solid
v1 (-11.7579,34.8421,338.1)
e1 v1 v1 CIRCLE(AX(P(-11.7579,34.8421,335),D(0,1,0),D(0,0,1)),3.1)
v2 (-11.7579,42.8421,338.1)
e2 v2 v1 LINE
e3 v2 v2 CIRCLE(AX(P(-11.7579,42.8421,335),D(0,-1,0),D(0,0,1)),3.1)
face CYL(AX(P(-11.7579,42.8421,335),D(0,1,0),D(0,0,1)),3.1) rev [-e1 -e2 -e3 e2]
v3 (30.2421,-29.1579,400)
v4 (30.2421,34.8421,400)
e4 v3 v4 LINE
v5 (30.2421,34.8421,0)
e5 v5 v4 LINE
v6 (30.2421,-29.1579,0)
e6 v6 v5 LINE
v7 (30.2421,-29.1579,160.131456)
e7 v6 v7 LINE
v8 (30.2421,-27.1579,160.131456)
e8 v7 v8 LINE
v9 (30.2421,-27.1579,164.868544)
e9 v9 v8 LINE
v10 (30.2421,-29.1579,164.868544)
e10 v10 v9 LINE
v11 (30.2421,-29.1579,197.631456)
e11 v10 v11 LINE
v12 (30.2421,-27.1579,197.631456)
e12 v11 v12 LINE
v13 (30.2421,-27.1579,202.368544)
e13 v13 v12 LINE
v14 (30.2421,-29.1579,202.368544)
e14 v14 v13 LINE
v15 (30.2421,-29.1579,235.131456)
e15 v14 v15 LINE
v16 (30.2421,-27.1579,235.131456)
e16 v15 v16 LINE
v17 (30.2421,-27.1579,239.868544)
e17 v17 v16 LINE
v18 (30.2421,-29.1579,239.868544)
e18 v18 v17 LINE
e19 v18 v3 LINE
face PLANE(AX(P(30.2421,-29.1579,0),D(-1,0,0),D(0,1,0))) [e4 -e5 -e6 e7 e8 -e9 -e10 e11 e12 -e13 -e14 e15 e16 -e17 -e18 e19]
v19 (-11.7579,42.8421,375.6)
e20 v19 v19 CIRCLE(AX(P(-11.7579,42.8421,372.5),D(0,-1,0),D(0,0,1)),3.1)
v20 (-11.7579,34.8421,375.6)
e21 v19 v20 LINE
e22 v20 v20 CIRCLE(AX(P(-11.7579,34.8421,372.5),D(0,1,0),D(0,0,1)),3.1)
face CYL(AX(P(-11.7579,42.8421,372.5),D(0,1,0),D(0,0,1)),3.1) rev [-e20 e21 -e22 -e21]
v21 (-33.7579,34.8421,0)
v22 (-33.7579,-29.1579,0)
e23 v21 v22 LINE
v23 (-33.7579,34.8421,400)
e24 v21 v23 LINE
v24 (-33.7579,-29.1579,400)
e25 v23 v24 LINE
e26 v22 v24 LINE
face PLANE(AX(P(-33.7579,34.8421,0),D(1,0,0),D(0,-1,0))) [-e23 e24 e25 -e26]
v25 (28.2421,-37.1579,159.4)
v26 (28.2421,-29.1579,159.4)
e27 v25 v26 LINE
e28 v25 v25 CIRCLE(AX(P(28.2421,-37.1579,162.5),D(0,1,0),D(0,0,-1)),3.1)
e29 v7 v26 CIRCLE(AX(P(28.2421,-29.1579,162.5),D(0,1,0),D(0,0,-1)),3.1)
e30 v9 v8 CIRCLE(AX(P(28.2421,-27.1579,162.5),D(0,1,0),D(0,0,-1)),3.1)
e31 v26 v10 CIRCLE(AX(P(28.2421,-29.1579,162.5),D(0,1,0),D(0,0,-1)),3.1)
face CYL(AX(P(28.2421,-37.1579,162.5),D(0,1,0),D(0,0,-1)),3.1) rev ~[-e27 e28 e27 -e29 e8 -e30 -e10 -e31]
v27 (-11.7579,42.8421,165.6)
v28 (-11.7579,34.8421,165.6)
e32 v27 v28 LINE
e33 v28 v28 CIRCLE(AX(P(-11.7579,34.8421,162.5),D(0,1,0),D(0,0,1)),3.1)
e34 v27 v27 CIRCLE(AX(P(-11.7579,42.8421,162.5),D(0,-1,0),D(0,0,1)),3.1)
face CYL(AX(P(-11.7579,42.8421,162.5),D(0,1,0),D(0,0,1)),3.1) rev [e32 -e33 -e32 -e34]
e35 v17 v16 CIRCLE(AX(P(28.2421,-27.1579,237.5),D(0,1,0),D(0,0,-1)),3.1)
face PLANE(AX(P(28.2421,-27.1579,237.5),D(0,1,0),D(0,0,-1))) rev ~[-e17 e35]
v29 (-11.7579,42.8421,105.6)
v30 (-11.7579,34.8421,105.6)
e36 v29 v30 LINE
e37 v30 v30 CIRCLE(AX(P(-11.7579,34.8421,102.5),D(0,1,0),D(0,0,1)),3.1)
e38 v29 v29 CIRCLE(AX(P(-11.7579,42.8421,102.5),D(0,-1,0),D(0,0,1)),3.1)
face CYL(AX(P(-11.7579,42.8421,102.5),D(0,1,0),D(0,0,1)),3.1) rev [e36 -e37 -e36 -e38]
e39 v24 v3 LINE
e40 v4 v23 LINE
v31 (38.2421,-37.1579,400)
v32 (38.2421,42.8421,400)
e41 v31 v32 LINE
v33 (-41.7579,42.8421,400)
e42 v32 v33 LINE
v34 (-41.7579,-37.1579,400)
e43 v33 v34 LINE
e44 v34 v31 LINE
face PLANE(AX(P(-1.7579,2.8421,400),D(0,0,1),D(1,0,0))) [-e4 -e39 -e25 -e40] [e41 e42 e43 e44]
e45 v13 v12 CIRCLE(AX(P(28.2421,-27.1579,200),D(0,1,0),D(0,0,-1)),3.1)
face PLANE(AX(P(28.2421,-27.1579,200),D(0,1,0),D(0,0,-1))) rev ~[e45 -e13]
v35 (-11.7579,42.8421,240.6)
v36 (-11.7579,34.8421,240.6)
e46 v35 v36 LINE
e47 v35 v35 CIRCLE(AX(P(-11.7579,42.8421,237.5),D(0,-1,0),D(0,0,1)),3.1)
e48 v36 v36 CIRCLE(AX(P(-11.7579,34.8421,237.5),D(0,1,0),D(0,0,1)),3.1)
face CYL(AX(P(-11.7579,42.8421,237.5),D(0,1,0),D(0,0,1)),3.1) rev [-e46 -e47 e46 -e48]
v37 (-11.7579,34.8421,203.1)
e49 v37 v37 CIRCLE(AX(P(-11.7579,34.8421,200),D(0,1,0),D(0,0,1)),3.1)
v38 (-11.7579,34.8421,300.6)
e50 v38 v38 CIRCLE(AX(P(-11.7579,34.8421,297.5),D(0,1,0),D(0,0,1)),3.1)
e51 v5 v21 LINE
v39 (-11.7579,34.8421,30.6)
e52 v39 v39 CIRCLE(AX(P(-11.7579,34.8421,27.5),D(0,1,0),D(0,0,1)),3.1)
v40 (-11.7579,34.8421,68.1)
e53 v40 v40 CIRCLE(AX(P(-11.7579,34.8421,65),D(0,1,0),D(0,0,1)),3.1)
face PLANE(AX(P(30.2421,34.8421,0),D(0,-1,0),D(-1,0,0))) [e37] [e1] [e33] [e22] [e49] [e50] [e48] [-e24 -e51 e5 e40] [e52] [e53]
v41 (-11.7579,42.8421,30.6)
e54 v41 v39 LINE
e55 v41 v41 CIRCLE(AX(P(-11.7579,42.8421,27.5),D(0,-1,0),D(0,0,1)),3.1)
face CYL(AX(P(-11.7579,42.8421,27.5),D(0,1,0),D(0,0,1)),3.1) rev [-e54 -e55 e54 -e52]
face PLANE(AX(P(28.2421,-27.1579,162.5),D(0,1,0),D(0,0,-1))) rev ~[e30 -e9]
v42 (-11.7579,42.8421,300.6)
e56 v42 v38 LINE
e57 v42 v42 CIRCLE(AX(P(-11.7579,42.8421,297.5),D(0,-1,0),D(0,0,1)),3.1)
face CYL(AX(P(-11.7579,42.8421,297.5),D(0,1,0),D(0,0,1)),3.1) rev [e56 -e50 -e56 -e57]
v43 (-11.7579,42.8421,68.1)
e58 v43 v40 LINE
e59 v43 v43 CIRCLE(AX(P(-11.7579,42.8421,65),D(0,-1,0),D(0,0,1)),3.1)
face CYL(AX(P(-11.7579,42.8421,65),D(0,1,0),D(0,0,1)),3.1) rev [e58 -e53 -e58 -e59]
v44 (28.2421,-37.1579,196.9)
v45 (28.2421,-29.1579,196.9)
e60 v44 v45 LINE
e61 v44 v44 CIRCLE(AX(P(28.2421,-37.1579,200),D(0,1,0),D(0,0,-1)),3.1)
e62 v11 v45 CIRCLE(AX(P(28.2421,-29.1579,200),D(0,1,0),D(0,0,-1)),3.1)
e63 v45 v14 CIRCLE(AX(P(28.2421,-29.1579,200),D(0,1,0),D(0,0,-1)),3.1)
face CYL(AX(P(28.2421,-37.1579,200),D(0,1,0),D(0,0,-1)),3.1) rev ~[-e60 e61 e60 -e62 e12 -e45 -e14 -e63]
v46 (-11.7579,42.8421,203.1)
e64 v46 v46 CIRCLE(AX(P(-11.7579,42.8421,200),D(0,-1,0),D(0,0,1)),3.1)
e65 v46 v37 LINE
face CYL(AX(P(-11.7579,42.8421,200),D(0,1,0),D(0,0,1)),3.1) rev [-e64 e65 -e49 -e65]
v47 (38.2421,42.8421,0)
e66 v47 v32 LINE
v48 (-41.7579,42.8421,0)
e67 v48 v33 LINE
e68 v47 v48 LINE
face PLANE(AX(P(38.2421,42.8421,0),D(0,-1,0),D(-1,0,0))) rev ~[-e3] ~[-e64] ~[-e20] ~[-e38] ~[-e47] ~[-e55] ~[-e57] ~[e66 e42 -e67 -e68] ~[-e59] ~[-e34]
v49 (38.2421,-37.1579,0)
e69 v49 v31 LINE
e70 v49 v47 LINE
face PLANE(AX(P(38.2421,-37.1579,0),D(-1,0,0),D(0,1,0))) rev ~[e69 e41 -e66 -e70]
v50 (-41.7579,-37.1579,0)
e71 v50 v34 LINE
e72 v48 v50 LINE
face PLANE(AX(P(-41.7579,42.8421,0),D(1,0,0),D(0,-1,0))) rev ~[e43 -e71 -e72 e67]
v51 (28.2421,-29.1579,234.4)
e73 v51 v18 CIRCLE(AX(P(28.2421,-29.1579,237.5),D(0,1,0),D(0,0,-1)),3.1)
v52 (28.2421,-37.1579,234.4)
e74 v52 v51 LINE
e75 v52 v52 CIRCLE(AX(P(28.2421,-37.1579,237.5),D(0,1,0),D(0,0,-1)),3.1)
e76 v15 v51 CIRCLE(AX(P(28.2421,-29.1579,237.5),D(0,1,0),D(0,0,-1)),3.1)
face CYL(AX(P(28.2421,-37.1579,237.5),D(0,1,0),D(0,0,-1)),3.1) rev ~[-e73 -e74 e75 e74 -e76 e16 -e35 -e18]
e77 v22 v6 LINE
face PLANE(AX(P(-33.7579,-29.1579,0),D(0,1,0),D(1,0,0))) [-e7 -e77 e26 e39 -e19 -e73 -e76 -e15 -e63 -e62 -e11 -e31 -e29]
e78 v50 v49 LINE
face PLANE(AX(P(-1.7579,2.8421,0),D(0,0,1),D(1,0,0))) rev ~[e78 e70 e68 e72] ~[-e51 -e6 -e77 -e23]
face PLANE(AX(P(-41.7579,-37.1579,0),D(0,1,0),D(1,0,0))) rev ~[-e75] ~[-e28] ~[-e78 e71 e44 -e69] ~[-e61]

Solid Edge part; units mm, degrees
sketch "Sketch1" plane through (0, 0, 0) normal (0, 0, 1) x (1, 0, 0)
  line L0 (-33.7579, 34.8421) -> (-33.7579, -29.1579)
  line L1 (-33.7579, -29.1579) -> (30.2421, -29.1579)
  line L2 (30.2421, -29.1579) -> (30.2421, 34.8421)
  line L3 (30.2421, 34.8421) -> (-33.7579, 34.8421)
  line L4 (-41.7579, 42.8421) -> (-41.7579, -37.1579)
  line L5 (-41.7579, -37.1579) -> (38.2421, -37.1579)
  line L6 (38.2421, -37.1579) -> (38.2421, 42.8421)
  line L7 (38.2421, 42.8421) -> (-41.7579, 42.8421)
  dimension "D1" = 80
  dimension "D2" = 80
  dimension "D3" = 8
  dimension "D4" = 8
  dimension "D5" = 8
  dimension "D6" = 8
extrude "Protrusion1" add sketch "Sketch1" along normal blind 400
hole "Hole_10" at (28.2421, -37.1579, 200) direction (0, 1, 0) diameter 6.2 depth 10
hole "Hole1" at (28.2421, -37.1579, 162.5) direction (0, 1, 0) diameter 6.2 depth 10
hole "Hole2" at (28.2421, -37.1579, 237.5) direction (0, 1, 0) diameter 6.2 depth 10
hole "Hole_13" at (-11.7579, 42.8421, 65) direction (0, -1, 0) diameter 6.2 end up to next
hole "Hole3" at (-11.7579, 42.8421, 102.5) direction (0, -1, 0) diameter 6.2 end up to next
hole "Hole4" at (-11.7579, 42.8421, 162.5) direction (0, -1, 0) diameter 6.2 end up to next
hole "Hole5" at (-11.7579, 42.8421, 200) direction (0, -1, 0) diameter 6.2 end up to next
hole "Hole6" at (-11.7579, 42.8421, 237.5) direction (0, -1, 0) diameter 6.2 end up to next
hole "Hole7" at (-11.7579, 42.8421, 297.5) direction (0, -1, 0) diameter 6.2 end up to next
hole "Hole8" at (-11.7579, 42.8421, 335) direction (0, -1, 0) diameter 6.2 end up to next
hole "Hole9" at (-11.7579, 42.8421, 372.5) direction (0, -1, 0) diameter 6.2 end up to next
hole "Hole10" at (-11.7579, 42.8421, 27.5) direction (0, -1, 0) diameter 6.2 end up to next
